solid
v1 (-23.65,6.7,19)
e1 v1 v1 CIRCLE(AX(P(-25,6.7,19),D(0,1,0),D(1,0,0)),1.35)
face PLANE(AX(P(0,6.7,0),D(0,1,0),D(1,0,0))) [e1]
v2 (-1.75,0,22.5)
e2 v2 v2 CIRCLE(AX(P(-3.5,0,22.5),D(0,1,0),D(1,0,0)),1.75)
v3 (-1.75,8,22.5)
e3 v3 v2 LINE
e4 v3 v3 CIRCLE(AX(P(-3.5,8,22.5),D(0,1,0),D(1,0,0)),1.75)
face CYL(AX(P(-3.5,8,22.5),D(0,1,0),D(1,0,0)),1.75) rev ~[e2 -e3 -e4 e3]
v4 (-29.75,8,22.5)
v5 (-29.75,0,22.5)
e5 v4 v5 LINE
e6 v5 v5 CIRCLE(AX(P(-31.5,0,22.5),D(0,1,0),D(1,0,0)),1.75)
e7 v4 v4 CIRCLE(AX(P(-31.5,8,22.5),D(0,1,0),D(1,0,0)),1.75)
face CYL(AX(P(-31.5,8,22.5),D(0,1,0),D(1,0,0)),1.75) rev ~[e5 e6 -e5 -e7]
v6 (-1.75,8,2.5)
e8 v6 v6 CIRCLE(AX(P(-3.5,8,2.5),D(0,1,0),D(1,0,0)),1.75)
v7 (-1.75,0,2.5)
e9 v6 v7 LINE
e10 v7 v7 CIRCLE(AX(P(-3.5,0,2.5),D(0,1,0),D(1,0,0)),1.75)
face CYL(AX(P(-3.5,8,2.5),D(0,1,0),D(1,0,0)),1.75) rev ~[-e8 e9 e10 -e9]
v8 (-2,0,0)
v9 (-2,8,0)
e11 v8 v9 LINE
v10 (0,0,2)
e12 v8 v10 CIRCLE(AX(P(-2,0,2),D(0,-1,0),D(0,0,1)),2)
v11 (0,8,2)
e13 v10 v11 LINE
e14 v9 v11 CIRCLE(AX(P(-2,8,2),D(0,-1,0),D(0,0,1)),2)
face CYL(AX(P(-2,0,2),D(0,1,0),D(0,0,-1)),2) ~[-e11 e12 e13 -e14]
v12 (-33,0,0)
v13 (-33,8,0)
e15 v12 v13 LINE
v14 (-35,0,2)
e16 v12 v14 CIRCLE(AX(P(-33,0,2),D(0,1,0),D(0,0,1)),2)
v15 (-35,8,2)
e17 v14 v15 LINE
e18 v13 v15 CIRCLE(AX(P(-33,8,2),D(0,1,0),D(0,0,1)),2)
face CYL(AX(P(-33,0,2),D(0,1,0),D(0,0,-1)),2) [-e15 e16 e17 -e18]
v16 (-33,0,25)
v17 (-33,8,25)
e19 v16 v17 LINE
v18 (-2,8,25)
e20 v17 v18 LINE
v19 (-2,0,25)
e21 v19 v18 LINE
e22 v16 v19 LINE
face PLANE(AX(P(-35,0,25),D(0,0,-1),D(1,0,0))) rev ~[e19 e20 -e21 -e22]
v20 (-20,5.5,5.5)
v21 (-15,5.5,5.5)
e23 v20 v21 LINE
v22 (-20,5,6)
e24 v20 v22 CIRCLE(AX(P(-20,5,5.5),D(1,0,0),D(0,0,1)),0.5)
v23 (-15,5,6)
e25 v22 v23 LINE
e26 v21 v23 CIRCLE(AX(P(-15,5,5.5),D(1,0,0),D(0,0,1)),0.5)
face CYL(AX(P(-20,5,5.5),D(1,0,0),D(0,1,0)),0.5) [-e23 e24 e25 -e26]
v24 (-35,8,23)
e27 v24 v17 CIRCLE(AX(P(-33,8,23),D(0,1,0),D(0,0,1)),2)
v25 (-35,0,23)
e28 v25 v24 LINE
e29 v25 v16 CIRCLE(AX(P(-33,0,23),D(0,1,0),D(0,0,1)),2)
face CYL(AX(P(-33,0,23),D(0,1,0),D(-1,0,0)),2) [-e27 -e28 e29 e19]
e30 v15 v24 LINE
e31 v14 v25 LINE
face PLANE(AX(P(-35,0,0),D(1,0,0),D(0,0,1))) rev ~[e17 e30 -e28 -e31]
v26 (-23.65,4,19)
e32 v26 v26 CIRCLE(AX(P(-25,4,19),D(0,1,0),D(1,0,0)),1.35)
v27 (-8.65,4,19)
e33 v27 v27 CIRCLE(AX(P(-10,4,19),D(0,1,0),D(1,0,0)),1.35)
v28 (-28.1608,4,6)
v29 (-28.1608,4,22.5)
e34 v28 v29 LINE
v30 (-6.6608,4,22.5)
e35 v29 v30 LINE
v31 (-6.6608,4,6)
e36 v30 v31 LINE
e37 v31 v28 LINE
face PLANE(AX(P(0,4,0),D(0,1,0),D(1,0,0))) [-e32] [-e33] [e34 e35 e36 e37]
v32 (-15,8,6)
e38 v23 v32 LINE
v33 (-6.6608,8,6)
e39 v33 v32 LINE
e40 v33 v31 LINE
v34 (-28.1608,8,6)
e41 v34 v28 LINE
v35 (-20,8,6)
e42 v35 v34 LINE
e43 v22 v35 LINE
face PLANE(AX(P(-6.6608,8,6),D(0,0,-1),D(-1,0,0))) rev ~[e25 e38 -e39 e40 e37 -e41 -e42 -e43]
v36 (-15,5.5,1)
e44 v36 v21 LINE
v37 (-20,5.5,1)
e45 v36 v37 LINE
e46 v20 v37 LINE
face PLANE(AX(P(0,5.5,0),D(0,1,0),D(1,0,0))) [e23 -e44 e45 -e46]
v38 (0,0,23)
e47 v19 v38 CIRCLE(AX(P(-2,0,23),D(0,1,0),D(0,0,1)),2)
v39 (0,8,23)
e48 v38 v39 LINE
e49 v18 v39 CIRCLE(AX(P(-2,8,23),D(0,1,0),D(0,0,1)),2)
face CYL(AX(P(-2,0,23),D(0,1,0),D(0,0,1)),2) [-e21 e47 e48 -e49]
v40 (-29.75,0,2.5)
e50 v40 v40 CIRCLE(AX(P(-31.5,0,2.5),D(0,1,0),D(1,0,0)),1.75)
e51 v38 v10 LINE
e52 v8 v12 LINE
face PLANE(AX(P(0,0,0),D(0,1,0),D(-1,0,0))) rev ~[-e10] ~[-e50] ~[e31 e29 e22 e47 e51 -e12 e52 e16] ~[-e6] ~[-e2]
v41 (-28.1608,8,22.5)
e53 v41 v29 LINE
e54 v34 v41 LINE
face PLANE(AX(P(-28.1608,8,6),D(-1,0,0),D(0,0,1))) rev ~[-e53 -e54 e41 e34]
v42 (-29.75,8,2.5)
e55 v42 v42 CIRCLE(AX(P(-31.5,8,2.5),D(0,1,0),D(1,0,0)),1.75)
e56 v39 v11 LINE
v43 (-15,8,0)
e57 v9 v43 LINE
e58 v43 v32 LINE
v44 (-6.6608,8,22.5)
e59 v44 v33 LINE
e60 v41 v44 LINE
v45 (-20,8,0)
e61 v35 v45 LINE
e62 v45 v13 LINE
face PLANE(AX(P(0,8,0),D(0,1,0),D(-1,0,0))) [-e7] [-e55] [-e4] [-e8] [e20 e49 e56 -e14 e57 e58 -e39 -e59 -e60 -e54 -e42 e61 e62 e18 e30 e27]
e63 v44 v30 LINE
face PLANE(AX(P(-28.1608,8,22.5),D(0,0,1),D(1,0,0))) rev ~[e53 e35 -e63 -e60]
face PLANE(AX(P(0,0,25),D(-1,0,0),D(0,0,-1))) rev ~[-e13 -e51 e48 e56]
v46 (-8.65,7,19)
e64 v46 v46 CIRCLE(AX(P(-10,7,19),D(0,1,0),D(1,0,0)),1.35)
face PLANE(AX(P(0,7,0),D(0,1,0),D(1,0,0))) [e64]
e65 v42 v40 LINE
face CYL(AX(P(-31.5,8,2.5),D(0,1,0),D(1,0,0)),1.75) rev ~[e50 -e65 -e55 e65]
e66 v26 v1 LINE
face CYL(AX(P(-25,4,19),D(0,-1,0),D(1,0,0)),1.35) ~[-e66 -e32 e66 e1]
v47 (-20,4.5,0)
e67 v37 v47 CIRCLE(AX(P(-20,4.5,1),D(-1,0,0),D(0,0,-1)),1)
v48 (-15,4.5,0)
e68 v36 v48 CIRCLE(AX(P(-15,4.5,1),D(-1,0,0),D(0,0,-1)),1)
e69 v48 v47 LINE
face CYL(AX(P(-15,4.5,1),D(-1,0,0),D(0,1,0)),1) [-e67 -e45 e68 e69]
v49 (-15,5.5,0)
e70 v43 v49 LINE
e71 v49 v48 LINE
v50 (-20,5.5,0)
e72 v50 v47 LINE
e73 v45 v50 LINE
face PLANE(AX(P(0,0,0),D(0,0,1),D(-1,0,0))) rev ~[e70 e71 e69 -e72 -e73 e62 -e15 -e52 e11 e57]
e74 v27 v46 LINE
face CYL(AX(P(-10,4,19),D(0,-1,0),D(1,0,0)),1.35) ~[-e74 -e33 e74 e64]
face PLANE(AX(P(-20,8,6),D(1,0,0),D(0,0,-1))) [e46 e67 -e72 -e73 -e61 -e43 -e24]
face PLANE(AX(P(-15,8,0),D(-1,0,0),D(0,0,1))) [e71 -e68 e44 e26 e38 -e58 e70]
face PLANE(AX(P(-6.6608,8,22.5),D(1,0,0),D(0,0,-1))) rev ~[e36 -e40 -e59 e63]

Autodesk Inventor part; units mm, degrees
ref_plane "YZ Plane" through (0, 0, 0) normal (1, 0, 0) x (0, 1, 0)
ref_plane "XZ Plane" through (0, 0, 0) normal (0, 1, 0) x (-1, 0, 0)
ref_plane "XY Plane" through (0, 0, 0) normal (0, 0, 1) x (1, 0, 0)
sketch "Sketch1" plane through (0, 0, 0) normal (0, 1, 0) x (-1, 0, 0)
  point P0 (0, 0)
sketch "Sketch2" plane through (0, 0, 0) normal (0, 1, 0) x (-1, 0, 0)
  line L0 (0, 0) -> (35, 0)
  line L1 (35, 0) -> (35, 25)
  line L2 (35, 25) -> (0, 25)
  line L3 (0, 25) -> (0, 0)
  dimension "d0" = 35
  dimension "d1" = 25
extrude "Extrusion1" add sketch "Sketch2" along normal blind 8
sketch "Sketch3" plane through (0, 8, 0) normal (0, 1, 0) x (1, 0, 0)
  line L0 (-28.1608, -22.5) -> (-6.6608, -22.5)
  line L1 (-6.6608, -22.5) -> (-6.6608, -6)
  line L2 (-6.6608, -6) -> (-28.1608, -6)
  line L3 (-28.1608, -6) -> (-28.1608, -22.5)
  dimension "d4" = 21.5
  dimension "d5" = 16.5
extrude "Extrusion2" cut sketch "Sketch3" against normal blind 4
sketch "Sketch4" plane through (-6.6608, 8, 22.5) normal (0, 0, -1) x (-1, 0, 0)
  point P0 (-6.6608, -8)
sketch "Sketch5" plane through (-28.1608, 8, 6) normal (0, 0, 1) x (1, 0, 0)
  line L0 (0, -4) -> (21.5, -4)
  line L1 (21.5, -4) -> (21.5, 0)
  line L2 (21.5, 0) -> (0, 0)
  line L3 (0, 0) -> (0, -4)
  point P0 (28.1608, -8)
sketch "Sketch12" plane through (0, 8, 0) normal (0, 1, 0) x (1, 0, 0)
  line L0 (-28.1608, -6) -> (-6.6608, -6) projected
  line L1 (0, 0) -> (-35, 0) projected
  line L2 (-15, -6) -> (-20, -6)
  line L3 (-20, -6) -> (-20, 0)
  line L4 (-20, 0) -> (-15, 0)
  line L5 (-15, 0) -> (-15, -6)
  dimension "d27" = 5
extrude "Extrusion9" cut sketch "Sketch12" against normal blind 2.5
fillet "Fillet1" radius 2 1 edges at (-35, 4, 0)
fillet "Fillet2" radius 2 1 edges at (0, 4, 0)
fillet "Fillet3" radius 2 1 edges at (-35, 4, 25)
fillet "Fillet4" radius 2 1 edges at (0, 4, 25)
fillet "Fillet5" radius 0.5 1 edges at (-17.5, 5.5, 6)
sketch "Sketch13" plane through (0, 0, 0) normal (0, -1, 0) x (1, 0, 0)
  point P0 (0, 0)
sketch "Skizze18" plane through (0, 8, 0) normal (0, 1, 0) x (1, 0, 0)
  circle A0 centre (-3.5, -22.5) radius 1.75
  circle A1 centre (-3.5, -2.5) radius 1.75
  point P0 (0, 0)
  dimension "d47" = 3.5
  dimension "d48" = 3.5
extrude "Extrusion14" cut sketch "Skizze18" against normal blind 20 contours A0
extrude "Extrusion15" cut sketch "Skizze18" against normal blind 20 contours A1
sketch "Skizze19" plane through (0, 8, 0) normal (0, 1, 0) x (1, 0, 0)
  circle A0 centre (-31.5, -22.5) radius 1.75
  point P0 (0, 0)
  dimension "d53" = 3.5
extrude "Extrusion16" cut sketch "Skizze19" against normal blind 20
sketch "Skizze20" plane through (0, 8, 0) normal (0, 1, 0) x (1, 0, 0)
  circle A0 centre (-31.5, -2.5) radius 1.75
  point P0 (0, 0)
  dimension "d56" = 3.5
extrude "Extrusion17" cut sketch "Skizze20" against normal blind 20
sketch "Skizze21" plane through (0, 4, 0) normal (0, 1, 0) x (1, 0, 0)
  circle A0 centre (-10, -19) radius 1.5 projected
  circle A1 centre (-10, -19) radius 1.35
  point P0 (0, 0)
  dimension "d59" = 2.7
extrude "Extrusion18" add sketch "Skizze21" along normal blind 3 contours A1
sketch "Skizze22" plane through (0, 4, 0) normal (0, 1, 0) x (1, 0, 0)
  circle A0 centre (-25, -19) radius 1.5 projected
  circle A1 centre (-25, -19) radius 1.35
  point P0 (0, 0)
  dimension "d62" = 2.7
extrude "Extrusion19" add sketch "Skizze22" along normal blind 2.7 contours A1
fillet "Rundung6" radius 1 1 edges at (-17.5, 5.5, 0)
properties part number "MPU6050_CASE_BOTTOM"
